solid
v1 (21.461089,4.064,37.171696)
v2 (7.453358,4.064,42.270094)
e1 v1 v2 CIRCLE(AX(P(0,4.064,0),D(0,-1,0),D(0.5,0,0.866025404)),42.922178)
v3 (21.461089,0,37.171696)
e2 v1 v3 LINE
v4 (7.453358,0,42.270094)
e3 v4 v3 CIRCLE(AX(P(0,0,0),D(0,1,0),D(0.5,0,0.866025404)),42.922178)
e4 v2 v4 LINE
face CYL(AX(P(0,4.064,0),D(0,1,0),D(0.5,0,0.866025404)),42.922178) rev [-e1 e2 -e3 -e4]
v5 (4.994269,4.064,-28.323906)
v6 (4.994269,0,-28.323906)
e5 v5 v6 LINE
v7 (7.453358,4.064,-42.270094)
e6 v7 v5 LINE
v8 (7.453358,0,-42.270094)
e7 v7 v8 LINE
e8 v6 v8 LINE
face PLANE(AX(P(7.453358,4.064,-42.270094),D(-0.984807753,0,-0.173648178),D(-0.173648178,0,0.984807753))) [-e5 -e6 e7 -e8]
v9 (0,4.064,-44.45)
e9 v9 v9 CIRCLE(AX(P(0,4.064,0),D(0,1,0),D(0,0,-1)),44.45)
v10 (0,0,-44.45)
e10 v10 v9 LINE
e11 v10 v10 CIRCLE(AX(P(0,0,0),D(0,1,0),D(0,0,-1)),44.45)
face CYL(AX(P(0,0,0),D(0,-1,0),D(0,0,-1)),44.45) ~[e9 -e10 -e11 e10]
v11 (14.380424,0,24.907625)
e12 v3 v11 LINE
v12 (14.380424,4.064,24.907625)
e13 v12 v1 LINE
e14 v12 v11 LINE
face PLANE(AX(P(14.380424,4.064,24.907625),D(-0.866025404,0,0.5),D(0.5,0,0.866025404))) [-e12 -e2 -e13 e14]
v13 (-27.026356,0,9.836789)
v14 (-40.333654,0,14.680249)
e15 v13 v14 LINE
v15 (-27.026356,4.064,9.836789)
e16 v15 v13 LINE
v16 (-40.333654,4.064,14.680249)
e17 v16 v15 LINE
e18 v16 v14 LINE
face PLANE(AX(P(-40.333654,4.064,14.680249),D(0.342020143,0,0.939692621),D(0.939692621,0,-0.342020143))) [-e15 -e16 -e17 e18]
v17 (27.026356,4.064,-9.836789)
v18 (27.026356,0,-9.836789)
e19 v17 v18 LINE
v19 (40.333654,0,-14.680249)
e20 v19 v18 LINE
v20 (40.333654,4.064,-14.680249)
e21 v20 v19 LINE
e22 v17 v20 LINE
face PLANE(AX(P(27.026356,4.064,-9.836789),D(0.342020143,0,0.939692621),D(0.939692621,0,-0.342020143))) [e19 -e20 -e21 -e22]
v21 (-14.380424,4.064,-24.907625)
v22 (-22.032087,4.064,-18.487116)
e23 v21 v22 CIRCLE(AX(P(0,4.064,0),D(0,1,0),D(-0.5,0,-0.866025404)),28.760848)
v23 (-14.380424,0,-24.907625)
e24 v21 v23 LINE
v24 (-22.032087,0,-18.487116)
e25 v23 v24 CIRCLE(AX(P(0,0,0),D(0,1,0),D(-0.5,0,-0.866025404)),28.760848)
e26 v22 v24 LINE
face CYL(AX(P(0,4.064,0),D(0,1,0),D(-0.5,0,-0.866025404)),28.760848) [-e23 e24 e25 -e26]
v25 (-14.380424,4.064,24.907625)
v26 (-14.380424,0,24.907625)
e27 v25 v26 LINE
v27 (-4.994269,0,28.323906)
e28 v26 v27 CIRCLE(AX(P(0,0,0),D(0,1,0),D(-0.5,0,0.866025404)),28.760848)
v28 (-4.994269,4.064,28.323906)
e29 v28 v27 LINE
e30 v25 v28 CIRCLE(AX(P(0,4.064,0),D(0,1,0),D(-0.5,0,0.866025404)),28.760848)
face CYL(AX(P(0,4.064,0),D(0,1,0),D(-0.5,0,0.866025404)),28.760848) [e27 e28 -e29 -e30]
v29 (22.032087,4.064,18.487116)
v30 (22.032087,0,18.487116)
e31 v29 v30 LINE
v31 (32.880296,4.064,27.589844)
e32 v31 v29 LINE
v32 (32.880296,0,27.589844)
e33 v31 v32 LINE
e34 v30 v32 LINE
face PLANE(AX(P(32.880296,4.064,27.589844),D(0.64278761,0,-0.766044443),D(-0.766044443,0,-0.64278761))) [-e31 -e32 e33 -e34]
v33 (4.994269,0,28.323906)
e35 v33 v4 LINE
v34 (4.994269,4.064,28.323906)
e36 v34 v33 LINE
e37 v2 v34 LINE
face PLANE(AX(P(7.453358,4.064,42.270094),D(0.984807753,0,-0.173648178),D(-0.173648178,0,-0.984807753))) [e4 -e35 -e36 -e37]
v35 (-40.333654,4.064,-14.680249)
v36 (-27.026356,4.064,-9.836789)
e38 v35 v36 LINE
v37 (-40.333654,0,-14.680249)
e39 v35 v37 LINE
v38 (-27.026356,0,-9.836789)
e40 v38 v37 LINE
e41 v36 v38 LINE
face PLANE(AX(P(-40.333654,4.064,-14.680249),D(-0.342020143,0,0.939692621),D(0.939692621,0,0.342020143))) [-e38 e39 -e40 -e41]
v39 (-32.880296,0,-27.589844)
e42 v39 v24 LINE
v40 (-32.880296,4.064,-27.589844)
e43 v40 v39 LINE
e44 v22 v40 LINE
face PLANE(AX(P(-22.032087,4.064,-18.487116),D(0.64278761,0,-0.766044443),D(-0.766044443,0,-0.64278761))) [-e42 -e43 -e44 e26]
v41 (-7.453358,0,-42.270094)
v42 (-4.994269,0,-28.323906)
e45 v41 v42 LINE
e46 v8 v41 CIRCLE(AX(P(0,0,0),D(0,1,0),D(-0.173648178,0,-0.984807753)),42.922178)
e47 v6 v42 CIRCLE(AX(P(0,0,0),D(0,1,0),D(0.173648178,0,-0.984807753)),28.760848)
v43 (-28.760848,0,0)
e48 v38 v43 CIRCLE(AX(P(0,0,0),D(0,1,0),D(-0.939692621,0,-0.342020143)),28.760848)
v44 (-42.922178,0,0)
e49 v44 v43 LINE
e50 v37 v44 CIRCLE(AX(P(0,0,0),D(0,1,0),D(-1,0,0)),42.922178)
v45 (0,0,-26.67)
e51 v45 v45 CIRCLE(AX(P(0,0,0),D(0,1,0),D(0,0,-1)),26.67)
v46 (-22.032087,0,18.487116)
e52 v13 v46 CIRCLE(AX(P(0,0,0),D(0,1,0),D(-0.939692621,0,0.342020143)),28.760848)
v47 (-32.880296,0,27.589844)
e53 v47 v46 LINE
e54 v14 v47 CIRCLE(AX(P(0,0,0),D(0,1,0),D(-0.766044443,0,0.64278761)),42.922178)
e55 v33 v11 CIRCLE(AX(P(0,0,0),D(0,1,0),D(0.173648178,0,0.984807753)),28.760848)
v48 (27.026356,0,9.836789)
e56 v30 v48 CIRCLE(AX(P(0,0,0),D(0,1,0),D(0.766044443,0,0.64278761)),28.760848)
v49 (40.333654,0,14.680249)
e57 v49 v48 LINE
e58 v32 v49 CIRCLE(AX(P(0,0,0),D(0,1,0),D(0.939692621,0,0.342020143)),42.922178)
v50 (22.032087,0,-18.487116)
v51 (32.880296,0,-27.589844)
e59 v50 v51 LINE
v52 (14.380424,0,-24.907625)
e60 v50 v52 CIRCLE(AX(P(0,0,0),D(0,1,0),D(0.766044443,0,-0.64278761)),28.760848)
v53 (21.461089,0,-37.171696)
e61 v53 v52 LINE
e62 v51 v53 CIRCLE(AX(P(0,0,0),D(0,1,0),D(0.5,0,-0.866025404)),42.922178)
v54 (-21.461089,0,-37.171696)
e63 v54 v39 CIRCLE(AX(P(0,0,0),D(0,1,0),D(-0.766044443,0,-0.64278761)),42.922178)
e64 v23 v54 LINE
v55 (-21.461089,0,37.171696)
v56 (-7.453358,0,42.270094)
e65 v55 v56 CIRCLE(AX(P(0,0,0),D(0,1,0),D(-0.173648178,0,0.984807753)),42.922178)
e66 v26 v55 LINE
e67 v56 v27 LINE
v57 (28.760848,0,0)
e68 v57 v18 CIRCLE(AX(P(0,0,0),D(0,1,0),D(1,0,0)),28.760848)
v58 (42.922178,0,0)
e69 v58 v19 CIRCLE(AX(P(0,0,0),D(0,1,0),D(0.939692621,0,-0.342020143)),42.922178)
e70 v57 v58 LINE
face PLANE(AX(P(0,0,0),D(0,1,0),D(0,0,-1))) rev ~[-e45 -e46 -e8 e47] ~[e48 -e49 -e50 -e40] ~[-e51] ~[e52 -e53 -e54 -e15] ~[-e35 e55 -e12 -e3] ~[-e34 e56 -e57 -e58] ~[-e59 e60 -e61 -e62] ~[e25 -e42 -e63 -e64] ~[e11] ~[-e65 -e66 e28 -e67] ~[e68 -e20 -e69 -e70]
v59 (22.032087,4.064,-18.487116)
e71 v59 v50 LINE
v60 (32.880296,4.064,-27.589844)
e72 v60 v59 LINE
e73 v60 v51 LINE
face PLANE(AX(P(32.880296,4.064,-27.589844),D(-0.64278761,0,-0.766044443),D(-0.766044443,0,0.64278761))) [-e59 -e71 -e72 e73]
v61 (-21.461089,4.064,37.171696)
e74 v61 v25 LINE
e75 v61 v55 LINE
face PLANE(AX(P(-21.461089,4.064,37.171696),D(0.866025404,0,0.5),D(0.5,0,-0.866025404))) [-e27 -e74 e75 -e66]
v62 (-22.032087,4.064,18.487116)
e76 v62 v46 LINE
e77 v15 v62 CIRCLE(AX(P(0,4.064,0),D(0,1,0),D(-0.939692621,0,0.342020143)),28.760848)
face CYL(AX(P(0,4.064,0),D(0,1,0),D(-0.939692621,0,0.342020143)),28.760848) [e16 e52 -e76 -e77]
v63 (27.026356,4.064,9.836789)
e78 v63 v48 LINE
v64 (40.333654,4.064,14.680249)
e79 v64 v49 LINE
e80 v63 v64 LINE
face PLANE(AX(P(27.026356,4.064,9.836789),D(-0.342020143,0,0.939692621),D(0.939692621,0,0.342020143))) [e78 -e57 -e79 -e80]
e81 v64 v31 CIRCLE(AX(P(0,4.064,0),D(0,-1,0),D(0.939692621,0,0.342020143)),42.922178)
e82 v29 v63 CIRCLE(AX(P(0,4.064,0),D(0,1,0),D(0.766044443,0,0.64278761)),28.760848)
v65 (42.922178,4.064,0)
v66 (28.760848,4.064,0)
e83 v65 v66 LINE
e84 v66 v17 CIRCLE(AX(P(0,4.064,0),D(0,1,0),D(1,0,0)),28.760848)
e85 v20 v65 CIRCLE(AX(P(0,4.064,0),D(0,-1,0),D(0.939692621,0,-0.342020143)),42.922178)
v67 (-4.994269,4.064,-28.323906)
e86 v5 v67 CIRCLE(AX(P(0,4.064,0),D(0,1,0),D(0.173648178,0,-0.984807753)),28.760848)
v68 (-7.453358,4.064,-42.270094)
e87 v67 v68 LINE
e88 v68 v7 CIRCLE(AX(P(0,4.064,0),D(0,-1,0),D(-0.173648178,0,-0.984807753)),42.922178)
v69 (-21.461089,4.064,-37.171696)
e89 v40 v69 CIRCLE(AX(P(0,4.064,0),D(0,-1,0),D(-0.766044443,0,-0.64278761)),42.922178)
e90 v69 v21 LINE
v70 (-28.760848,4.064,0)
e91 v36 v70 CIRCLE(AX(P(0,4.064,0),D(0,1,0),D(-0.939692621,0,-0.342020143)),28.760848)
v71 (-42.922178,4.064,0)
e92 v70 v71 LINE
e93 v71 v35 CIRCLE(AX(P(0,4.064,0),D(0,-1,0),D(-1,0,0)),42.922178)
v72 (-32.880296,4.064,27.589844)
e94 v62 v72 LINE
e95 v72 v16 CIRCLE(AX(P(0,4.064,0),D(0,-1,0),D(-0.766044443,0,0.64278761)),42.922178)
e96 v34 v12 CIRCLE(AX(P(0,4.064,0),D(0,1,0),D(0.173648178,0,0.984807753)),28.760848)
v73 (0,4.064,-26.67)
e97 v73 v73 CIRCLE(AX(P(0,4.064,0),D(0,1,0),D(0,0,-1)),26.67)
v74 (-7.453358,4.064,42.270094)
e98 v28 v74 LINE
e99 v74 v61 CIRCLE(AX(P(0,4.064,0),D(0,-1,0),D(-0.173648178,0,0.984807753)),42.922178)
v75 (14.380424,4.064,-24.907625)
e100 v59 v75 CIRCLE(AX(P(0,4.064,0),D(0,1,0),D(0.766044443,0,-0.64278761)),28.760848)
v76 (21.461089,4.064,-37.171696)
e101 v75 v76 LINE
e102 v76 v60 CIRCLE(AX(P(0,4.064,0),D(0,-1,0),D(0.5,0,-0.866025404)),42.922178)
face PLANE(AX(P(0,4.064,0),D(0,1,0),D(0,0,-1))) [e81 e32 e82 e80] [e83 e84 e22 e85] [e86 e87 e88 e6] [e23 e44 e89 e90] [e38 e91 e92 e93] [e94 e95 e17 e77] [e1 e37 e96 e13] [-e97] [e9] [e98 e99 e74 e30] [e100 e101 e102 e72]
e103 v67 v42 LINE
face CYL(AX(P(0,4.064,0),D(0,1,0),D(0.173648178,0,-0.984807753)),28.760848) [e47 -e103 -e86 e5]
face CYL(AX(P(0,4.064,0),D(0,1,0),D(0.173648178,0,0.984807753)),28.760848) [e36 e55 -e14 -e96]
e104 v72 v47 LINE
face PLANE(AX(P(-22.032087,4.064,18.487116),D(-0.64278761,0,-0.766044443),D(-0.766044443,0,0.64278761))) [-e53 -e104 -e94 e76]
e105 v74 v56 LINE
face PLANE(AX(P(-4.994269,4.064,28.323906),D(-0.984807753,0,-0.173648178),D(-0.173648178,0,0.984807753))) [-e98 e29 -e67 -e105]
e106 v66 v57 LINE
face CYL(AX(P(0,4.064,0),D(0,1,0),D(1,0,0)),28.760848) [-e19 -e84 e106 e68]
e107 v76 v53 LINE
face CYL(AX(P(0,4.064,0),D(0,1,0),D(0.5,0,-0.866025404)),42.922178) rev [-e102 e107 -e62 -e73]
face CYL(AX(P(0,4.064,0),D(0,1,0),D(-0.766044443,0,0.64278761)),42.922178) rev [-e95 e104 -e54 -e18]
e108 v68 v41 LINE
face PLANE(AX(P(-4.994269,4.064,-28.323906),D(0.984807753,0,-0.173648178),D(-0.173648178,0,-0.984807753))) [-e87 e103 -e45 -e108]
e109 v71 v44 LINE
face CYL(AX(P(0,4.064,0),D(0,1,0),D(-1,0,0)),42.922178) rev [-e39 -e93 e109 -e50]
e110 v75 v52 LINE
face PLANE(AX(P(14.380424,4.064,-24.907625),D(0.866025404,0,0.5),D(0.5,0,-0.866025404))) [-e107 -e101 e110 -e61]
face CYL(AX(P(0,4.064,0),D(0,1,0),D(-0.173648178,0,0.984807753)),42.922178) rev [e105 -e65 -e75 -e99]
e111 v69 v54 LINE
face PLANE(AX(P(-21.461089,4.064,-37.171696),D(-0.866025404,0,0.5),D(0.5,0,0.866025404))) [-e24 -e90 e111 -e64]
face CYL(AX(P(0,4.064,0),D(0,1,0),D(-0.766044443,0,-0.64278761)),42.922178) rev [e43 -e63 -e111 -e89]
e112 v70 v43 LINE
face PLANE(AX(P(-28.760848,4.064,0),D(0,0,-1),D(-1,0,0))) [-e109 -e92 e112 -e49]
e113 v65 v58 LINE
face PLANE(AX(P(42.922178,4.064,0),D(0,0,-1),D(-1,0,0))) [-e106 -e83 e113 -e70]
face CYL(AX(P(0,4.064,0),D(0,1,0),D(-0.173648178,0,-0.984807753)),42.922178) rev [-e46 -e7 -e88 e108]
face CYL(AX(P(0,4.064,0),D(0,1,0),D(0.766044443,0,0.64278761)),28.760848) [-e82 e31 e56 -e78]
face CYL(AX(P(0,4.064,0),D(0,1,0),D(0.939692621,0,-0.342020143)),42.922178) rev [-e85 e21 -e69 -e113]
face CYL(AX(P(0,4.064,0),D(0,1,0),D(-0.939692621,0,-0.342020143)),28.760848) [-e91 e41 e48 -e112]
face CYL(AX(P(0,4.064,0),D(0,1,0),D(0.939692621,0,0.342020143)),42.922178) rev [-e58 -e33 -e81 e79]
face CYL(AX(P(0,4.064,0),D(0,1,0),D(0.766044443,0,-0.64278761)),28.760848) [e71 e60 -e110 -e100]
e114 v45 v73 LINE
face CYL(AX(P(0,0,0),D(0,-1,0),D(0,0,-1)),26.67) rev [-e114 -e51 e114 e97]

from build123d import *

# Parameters (mm, degrees)
SKETCH1_R           = 44.45
SKETCH1_R_2         = 26.67
BOSS_EXTRUDE1_DEPTH = 4.064
CUT_EXTRUDE1_REACH  = 64.993
CIRPATTERN1_COUNT   = 9


with BuildPart() as part:
    # Sketch1 → Boss-Extrude1 (new body)
    with BuildSketch(Plane(origin=(0, 0, 0), x_dir=(1, 0, 0), z_dir=(0, 1, 0))):
        with Locations(Location((0, 0, 0), (0, 0, 90))):
            Circle(SKETCH1_R)
        with Locations(Location((0, 0, 0), (0, 0, 90))):
            Circle(SKETCH1_R_2, mode=Mode.SUBTRACT)
    extrude(amount=BOSS_EXTRUDE1_DEPTH)

    # Sketch2 → Cut-Extrude1 (cut, up to next)
    with BuildSketch(Plane(origin=(0, 4.064, 0), x_dir=(1, 0, 0), z_dir=(0, 1, 0)), mode=Mode.PRIVATE) as cut_extrude1_sk1:
        with BuildLine():
            Line((-28.760847548, 0), (-42.922177943, 0))
            ThreePointArc((-42.922177943, 0), (-42.270093615, 7.453357981), (-40.333653882, 14.680249452))
            Line((-40.333653882, 14.680249452), (-27.026356208, 9.8367892))
            ThreePointArc((-27.026356208, 9.8367892), (-28.323905648, 4.994268765), (-28.760847548, 0))
        make_face()
    cut_extrude1_tool1 = extrude(cut_extrude1_sk1.sketch, amount=-CUT_EXTRUDE1_REACH, mode=Mode.PRIVATE) & part.part
    cut_extrude1 = cut_extrude1_tool1.solids().sort_by_distance((-35.574933, 4.064, -6.27282))[0]
    add(cut_extrude1, mode=Mode.SUBTRACT)

    # CirPattern1: Cut-Extrude1 ×9 about axis
    cirpattern1_axis = Axis((0, 0, 0), (0, 1, 0))
    for i in range(1, CIRPATTERN1_COUNT):
        add(cut_extrude1.rotate(cirpattern1_axis, i * 360 / CIRPATTERN1_COUNT), mode=Mode.SUBTRACT)


solid = part.part
